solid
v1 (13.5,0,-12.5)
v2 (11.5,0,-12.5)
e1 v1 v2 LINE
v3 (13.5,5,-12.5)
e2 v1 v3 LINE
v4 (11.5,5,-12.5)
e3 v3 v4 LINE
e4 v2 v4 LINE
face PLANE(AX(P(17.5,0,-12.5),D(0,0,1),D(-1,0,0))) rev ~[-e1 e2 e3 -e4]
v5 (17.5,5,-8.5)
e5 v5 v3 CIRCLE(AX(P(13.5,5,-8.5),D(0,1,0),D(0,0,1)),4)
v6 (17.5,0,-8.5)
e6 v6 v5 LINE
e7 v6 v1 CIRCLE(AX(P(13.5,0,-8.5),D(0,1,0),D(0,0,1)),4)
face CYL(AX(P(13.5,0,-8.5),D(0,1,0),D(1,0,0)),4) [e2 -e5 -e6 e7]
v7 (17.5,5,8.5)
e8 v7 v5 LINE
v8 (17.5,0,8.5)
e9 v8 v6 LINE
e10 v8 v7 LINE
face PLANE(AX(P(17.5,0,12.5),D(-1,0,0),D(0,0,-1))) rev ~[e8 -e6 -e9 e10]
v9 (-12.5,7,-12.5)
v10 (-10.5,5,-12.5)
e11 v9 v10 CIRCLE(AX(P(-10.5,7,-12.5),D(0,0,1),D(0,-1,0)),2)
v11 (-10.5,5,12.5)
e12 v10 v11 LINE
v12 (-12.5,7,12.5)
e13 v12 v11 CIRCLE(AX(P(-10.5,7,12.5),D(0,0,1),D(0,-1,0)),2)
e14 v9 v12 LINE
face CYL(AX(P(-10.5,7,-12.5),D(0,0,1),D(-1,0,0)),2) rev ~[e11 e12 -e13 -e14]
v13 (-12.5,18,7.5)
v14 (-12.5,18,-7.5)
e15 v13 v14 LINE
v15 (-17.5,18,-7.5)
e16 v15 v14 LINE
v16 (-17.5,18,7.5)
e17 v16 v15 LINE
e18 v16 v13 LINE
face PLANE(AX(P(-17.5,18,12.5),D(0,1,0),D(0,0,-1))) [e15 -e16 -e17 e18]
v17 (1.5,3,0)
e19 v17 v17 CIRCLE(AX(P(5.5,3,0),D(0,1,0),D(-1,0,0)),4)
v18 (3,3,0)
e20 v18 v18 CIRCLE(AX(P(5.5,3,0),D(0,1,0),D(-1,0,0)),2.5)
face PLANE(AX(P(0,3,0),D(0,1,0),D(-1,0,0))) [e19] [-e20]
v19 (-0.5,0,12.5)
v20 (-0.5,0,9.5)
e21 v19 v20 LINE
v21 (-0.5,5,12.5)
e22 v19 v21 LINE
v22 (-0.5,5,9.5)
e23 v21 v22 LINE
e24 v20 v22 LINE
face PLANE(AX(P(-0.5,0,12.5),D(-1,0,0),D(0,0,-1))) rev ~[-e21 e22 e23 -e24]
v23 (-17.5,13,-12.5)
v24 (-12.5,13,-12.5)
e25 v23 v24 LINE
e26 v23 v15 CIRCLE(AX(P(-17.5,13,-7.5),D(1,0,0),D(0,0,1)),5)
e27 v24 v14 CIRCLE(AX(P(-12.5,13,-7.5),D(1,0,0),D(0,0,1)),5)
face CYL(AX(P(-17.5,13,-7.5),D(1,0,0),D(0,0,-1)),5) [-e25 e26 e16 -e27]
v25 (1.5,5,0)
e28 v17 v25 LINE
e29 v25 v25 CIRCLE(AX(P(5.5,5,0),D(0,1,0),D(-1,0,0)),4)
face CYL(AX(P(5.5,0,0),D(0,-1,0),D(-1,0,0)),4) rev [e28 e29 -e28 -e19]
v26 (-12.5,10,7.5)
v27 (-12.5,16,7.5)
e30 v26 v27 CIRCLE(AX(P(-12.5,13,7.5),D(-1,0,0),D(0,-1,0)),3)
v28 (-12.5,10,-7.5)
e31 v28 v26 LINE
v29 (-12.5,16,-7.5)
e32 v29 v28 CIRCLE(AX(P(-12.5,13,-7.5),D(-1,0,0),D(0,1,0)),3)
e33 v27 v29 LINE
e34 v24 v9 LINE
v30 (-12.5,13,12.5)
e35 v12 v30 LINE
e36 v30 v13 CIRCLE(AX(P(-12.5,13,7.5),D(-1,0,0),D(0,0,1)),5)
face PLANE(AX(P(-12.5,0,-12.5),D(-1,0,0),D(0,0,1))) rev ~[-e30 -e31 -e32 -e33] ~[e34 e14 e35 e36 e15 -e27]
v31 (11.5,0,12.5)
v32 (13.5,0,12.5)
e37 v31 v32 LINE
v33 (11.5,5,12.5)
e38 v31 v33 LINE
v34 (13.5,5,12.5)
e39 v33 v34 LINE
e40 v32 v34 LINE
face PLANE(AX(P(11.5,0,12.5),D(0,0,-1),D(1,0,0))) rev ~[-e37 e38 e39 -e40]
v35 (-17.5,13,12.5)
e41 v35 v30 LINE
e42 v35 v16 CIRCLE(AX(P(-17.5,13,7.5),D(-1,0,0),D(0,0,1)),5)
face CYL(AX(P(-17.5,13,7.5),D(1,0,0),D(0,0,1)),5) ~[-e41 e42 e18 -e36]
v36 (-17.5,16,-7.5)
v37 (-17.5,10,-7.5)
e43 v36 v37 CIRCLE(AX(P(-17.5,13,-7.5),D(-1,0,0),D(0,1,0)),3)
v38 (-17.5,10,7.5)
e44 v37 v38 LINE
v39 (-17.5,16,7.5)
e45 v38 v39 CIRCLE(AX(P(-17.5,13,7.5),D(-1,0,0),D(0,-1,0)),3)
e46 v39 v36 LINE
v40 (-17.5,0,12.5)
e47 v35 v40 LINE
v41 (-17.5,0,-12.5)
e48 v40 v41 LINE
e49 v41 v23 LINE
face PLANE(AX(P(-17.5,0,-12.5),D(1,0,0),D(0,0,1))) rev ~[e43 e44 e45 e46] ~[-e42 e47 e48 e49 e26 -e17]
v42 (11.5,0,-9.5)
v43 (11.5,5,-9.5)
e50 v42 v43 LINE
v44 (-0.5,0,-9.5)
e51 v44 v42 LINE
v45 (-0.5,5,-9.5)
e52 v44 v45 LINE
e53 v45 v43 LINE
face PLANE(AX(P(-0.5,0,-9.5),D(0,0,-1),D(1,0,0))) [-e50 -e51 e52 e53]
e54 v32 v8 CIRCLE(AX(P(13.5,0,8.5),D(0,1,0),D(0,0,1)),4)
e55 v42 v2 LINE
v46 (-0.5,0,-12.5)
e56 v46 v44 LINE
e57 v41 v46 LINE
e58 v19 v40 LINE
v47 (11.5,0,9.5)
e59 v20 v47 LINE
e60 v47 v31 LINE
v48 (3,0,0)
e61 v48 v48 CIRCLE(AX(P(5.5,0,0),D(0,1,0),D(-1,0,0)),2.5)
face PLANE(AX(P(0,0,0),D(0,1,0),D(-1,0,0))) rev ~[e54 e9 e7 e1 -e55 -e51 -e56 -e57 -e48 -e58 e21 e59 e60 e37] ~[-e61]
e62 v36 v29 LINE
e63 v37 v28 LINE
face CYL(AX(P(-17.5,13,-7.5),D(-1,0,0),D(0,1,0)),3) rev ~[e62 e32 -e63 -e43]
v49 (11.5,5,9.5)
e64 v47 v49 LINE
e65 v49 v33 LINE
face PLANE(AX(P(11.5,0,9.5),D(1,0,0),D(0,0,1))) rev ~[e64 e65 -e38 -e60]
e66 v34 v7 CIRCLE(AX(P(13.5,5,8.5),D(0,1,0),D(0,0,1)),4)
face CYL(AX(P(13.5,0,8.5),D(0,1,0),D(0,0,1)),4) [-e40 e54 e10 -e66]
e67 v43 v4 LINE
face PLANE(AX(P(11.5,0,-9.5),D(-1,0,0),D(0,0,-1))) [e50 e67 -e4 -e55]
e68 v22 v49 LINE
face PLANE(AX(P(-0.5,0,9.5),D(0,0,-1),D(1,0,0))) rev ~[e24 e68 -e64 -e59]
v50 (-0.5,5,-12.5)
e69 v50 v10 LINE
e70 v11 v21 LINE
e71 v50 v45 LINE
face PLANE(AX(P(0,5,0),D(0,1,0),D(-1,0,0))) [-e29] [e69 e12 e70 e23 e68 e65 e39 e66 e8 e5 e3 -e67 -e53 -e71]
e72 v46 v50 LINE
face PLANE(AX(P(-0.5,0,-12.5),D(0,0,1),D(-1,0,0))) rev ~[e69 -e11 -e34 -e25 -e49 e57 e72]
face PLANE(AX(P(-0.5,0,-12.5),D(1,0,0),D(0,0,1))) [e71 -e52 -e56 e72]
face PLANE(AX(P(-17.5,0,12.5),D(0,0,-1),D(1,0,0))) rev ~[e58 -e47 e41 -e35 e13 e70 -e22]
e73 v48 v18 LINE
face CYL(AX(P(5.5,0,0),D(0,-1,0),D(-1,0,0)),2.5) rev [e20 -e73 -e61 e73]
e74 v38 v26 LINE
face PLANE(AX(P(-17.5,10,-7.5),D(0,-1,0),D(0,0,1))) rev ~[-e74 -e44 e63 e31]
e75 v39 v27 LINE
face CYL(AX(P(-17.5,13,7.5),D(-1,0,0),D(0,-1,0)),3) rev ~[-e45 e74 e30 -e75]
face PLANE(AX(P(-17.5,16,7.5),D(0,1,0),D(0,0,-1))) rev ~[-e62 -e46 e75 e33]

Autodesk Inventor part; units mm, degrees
ref_plane "YZ Plane" through (0, 0, 0) normal (1, 0, 0) x (0, 1, 0)
ref_plane "XZ Plane" through (0, 0, 0) normal (0, 1, 0) x (-1, 0, 0)
ref_plane "XY Plane" through (0, 0, 0) normal (0, 0, 1) x (1, 0, 0)
sketch "Sketch1" plane through (0, 0, 0) normal (0, 1, 0) x (-1, 0, 0)
  line L0 (-17.5, -12.5) -> (17.5, -12.5)
  line L1 (17.5, -12.5) -> (17.5, 12.5)
  line L2 (17.5, 12.5) -> (-17.5, 12.5)
  line L3 (-17.5, 12.5) -> (-17.5, -12.5)
  line L4 (-17.5, -12.5) -> (17.5, 12.5) construction
  line L5 (17.5, -12.5) -> (-17.5, 12.5) construction
  line L6 (-17.5, 0) -> (17.5, 0) construction
  line L7 (0.5, 12.5) -> (0.5, 9.5)
  line L8 (0.5, 9.5) -> (-11.5, 9.5)
  line L9 (-11.5, 9.5) -> (-11.5, 12.5)
  line L10 (-11.5, 15.5) -> (0.5, 9.5) construction
  line L11 (0.5, 15.5) -> (-11.5, 9.5) construction
  line L12 (0.5, -12.5) -> (0.5, -9.5)
  line L13 (0.5, -9.5) -> (-11.5, -9.5)
  line L14 (-11.5, -9.5) -> (-11.5, -12.5)
  circle A0 centre (-5.5, 0) radius 4
  point P0 (0, 0)
  point P1 (-5.5, 12.5)
  dimension "d0" = 35
  dimension "d1" = 25
  dimension "d2" = 6
  dimension "d3" = 12
  dimension "d4" = 6
  dimension "d5" = 19
  dimension "d6" = 8
extrude "Extrusion1" add sketch "Sketch1" along normal blind 5 contours L3 L2 L9 L8 L7 L1 L0 L12 L13 L14
sketch "Sketch2" plane through (-17.5, 0, -12.5) normal (-1, 0, 0) x (0, 0, 1)
  line L0 (22, 0) -> (25, 0) projected
  line L1 (0, 0) -> (25, 0)
  line L2 (25, 0) -> (25, 18)
  line L3 (25, 18) -> (0, 18)
  line L4 (0, 18) -> (0, 0)
  point P0 (12.5, 0)
  dimension "d9" = 18
  dimension "d10" = 25
extrude "Extrusion2" add sketch "Sketch2" against normal blind 5
sketch "Sketch3" plane through (-17.5, 0, -12.5) normal (-1, 0, 0) x (0, 0, 1)
  line L0 (5, 13) -> (20, 13) construction
  line L1 (5, 10) -> (20, 10)
  line L2 (20, 16) -> (5, 16)
  arc A0 (5, 16) -> (5, 10) centre (5, 13) ccw
  arc A1 (20, 10) -> (20, 16) centre (20, 13) ccw
  line L3 (0, 0) -> (0, 18) projected
  line L4 (25, 18) -> (0, 18) projected
  point P0 (12.5, 0)
  point P1 (12.5, 13)
  dimension "d16" = 12.5
  dimension "d17" = 15
  dimension "d18" = 5
  dimension "d19" = 3
extrude "Extrusion3" cut sketch "Sketch3" against normal blind 5
sketch "Sketch4" plane through (0, 0, 0) normal (0, 1, 0) x (-1, 0, 0)
  circle A0 centre (-5.5, 0) radius 4 projected
  circle A1 centre (-5.5, 0) radius 2.5
  point P0 (0, 0)
  dimension "d22" = 5
extrude "Extrusion4" add sketch "Sketch4" along normal blind 3
fillet "Fillet1" radius 5 2 edges at (-15, 18, 12.5) (-15, 18, -12.5)
fillet "Fillet2" radius 2 1 edges at (-12.5, 5, 0)
fillet "Fillet3" radius 4 2 edges at (17.5, 2.5, 12.5) (17.5, 2.5, -12.5)
properties part number "ejercicio 266" material "Thermoplastic Resin"
